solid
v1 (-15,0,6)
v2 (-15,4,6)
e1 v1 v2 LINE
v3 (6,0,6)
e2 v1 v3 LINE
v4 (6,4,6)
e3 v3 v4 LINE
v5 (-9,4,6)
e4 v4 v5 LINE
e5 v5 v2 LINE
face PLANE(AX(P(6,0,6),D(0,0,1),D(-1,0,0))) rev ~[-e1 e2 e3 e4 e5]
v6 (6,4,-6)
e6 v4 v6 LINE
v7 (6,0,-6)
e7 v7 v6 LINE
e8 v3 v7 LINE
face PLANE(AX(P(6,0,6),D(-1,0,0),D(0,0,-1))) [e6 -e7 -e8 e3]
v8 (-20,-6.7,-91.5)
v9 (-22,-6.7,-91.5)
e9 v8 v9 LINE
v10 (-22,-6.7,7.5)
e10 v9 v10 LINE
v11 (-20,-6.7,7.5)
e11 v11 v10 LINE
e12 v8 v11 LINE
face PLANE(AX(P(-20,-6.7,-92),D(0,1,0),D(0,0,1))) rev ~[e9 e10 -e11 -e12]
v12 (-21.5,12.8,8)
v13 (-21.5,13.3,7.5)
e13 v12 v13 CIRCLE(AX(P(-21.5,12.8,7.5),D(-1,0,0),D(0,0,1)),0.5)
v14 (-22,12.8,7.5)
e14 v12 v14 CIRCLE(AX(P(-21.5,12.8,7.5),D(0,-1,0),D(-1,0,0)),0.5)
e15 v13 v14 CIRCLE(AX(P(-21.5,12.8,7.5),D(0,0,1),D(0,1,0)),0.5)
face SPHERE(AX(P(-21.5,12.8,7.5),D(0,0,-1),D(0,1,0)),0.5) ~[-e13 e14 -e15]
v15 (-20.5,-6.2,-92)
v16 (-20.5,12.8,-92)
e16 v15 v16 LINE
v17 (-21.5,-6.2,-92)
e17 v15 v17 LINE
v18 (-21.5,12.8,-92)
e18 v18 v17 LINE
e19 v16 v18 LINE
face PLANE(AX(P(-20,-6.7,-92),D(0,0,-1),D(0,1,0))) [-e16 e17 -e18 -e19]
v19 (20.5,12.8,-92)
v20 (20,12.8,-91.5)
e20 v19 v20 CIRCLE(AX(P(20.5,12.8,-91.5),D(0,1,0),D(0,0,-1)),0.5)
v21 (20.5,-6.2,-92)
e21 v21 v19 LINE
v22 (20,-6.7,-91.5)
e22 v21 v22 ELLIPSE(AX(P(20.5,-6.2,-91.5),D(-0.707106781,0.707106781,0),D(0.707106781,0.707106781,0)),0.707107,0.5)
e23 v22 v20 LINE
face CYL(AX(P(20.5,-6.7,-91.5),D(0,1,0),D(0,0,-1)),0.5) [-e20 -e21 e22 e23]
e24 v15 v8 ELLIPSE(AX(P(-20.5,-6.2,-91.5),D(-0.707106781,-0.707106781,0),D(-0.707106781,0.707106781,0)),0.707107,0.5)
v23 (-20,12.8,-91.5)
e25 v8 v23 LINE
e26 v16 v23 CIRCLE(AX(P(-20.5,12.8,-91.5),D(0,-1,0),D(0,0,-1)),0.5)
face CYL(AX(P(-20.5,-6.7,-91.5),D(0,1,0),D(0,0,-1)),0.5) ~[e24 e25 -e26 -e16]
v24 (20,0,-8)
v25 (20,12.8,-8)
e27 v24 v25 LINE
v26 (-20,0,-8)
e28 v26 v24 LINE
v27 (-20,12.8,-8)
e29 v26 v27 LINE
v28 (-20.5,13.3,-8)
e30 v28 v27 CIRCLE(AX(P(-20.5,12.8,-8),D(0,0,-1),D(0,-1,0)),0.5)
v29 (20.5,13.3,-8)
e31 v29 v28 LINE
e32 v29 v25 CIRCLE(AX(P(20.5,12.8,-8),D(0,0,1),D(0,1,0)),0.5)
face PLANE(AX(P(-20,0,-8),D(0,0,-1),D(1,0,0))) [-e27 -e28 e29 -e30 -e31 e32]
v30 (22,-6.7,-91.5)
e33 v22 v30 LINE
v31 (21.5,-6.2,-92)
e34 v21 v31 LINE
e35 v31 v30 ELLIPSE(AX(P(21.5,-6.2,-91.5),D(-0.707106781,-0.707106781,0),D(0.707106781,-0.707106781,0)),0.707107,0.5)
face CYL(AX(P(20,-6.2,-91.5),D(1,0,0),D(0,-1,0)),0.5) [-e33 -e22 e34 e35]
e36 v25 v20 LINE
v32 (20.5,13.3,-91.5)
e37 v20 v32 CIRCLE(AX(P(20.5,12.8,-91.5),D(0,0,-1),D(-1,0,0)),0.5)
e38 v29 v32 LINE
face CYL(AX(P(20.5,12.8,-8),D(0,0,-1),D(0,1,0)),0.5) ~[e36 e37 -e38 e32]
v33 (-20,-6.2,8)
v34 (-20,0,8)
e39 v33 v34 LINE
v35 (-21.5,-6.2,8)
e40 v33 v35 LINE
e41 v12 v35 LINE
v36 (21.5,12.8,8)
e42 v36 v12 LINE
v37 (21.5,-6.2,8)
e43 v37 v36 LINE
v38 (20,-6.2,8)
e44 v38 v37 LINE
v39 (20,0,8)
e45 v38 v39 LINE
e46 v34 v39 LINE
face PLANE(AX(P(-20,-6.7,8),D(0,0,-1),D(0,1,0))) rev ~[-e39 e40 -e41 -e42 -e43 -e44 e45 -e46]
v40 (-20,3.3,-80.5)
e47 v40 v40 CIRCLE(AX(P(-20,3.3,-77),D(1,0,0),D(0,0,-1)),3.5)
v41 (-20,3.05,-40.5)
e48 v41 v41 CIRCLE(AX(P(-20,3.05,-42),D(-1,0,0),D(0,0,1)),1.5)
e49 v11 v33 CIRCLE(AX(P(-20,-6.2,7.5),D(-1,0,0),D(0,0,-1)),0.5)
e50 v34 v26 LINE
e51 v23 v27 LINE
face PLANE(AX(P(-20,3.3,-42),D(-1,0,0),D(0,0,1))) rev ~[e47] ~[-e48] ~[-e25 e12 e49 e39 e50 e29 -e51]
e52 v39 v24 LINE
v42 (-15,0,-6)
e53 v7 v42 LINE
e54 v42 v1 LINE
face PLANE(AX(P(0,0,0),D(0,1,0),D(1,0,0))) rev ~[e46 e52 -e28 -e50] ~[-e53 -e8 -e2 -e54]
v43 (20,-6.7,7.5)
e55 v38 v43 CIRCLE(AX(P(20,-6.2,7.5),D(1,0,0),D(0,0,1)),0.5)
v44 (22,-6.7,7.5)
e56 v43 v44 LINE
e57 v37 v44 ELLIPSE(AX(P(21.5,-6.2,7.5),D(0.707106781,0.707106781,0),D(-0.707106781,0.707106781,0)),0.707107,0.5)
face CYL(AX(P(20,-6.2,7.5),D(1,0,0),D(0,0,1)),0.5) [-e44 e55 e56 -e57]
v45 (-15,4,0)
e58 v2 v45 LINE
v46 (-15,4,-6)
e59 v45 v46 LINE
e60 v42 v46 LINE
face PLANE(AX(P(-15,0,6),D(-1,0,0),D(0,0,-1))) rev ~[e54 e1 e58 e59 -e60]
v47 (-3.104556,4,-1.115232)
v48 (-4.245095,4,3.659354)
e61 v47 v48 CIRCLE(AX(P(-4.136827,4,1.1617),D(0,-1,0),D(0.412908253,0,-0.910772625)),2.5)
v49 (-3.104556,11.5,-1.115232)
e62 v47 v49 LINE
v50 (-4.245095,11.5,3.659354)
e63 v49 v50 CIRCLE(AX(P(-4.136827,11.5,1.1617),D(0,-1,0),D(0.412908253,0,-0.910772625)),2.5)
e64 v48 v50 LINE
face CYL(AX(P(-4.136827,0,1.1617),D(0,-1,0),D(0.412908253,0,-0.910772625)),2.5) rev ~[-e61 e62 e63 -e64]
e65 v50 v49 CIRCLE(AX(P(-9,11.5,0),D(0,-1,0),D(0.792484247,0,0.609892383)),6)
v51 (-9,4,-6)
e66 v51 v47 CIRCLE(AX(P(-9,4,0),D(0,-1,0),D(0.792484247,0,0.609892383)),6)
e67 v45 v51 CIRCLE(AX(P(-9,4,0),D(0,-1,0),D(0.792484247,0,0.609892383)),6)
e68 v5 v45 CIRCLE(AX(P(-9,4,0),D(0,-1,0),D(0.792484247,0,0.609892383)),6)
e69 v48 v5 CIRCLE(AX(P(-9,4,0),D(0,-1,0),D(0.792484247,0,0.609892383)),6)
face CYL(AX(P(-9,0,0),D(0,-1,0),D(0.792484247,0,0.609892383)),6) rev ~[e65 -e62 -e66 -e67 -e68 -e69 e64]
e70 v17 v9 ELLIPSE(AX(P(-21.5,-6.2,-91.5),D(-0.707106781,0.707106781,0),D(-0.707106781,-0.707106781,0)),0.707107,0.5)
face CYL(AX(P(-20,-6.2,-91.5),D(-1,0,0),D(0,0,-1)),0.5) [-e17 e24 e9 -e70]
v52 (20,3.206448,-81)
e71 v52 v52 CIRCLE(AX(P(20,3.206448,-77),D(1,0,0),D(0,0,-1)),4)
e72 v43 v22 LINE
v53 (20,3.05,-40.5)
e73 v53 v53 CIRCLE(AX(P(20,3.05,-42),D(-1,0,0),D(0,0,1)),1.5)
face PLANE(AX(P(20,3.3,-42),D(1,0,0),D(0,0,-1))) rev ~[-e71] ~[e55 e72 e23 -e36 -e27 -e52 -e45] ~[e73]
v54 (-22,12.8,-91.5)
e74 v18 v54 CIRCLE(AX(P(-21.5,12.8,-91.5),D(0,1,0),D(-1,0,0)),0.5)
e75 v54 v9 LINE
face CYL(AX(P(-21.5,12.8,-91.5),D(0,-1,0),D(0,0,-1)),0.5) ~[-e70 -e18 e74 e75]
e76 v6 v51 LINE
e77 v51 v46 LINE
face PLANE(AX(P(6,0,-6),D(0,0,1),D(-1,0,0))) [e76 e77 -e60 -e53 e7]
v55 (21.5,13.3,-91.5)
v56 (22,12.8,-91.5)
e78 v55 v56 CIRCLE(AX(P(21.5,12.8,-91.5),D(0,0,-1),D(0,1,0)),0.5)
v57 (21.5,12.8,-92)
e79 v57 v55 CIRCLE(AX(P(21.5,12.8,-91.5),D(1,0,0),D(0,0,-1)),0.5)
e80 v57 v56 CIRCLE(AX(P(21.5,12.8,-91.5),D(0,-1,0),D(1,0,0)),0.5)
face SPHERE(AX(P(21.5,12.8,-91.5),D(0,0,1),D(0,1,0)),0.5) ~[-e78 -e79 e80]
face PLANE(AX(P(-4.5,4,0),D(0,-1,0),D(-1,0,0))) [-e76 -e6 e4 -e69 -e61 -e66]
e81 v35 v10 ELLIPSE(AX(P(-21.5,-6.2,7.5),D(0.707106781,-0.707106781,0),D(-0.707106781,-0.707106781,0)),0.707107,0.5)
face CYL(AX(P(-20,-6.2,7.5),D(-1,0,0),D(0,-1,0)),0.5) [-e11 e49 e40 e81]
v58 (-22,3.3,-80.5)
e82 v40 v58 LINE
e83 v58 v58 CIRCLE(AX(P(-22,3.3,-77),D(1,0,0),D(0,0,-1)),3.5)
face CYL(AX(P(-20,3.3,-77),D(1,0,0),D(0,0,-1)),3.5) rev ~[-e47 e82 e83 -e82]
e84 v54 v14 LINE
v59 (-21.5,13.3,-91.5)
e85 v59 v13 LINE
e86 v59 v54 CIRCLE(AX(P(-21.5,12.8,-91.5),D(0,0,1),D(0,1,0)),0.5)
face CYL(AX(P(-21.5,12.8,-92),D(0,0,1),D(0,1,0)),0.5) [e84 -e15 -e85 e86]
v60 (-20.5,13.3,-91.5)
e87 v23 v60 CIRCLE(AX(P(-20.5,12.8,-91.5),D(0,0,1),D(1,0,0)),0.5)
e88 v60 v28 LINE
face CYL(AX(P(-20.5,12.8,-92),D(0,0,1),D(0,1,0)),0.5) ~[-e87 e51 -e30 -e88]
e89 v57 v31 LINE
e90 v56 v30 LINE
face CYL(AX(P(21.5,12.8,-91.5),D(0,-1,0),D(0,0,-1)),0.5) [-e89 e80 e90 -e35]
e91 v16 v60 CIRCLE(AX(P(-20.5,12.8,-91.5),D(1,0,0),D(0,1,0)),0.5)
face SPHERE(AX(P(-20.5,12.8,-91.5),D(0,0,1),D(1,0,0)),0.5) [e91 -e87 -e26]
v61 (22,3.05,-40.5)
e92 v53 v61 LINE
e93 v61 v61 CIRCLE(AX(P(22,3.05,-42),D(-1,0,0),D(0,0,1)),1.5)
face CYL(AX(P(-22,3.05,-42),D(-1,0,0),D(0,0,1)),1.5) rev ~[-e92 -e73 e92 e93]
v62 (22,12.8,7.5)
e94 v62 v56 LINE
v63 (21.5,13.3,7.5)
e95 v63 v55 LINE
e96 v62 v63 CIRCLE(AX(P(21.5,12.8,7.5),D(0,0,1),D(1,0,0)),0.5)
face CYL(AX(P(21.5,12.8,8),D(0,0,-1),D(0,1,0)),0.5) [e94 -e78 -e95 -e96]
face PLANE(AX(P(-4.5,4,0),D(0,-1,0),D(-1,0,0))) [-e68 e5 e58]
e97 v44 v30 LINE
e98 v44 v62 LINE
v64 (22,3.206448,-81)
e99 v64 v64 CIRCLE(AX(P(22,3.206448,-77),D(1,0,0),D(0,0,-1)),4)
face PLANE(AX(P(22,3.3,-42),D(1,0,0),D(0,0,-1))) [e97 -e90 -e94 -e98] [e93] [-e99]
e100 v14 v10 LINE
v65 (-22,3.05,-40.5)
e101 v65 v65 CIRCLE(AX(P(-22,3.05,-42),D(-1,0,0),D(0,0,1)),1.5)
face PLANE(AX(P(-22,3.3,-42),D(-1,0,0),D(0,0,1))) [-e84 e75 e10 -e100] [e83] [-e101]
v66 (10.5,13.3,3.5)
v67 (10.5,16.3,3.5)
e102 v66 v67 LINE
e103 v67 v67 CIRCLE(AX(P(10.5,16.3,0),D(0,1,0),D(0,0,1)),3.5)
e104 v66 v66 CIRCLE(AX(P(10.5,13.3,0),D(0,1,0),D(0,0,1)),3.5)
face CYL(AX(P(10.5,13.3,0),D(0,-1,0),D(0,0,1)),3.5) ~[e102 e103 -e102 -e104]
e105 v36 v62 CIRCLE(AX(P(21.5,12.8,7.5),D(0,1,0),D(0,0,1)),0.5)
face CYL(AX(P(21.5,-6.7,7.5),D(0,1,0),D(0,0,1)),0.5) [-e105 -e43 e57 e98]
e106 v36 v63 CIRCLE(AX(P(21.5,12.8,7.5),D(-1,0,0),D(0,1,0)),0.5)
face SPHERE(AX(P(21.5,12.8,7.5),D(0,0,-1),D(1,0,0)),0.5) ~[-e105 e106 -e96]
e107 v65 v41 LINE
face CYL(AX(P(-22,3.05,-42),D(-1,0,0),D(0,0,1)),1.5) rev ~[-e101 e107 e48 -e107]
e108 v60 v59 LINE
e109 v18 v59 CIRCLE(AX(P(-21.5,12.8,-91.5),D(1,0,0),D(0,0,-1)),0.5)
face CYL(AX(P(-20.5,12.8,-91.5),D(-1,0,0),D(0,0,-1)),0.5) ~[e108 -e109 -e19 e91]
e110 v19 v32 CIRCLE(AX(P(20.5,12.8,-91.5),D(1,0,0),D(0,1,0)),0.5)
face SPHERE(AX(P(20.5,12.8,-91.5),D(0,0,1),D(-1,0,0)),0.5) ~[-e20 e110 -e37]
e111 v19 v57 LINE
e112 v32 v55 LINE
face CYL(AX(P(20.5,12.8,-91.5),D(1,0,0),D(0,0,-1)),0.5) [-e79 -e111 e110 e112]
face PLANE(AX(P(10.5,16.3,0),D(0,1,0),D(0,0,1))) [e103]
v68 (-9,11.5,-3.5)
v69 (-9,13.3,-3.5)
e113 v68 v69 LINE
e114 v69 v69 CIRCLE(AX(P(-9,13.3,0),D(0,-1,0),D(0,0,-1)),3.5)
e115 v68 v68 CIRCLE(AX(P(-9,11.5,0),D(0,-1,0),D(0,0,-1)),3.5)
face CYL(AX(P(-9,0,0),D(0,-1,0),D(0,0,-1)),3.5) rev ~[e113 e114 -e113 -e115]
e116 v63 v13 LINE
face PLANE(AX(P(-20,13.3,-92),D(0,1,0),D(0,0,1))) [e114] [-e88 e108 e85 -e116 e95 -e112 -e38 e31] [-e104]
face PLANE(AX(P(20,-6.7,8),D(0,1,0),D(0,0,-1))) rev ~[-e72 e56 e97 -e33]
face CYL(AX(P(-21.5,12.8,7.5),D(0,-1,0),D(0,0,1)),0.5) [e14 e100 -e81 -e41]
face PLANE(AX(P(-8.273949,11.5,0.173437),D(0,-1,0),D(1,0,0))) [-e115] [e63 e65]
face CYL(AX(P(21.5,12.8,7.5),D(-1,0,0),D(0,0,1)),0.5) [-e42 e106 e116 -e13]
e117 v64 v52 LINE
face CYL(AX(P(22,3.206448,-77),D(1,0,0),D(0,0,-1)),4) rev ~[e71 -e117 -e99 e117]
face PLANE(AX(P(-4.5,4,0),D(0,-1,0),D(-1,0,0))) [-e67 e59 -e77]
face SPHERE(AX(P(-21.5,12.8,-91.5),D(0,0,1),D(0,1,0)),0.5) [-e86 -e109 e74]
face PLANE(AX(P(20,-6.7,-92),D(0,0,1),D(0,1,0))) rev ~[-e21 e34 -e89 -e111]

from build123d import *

# Parameters (mm, degrees)
SKETCH1_W           = 40
SKETCH1_H           = 16
BOSS_EXTRUDE1_DEPTH = 13.3
CUT_EXTRUDE2_DEPTH  = 11.5
SKETCH3_R           = 3.5
CUT_EXTRUDE3_DEPTH  = 24.8
SKETCH4_W           = 21
SKETCH4_H           = 12
CUT_EXTRUDE4_DEPTH  = 4
SKETCH5_W           = 100
SKETCH5_H           = 20
BOSS_EXTRUDE2_DEPTH = 2
SKETCH6_W           = 100
SKETCH6_H           = 20
BOSS_EXTRUDE3_DEPTH = 2
SKETCH7_R           = 4
CUT_EXTRUDE5_DEPTH  = 2
CUT_EXTRUDE8_REACH  = 104.004
SKETCH8_R           = 3.5
FILLET1_R           = 0.5
FILLET2_R           = 0.5
SKETCH9_R           = 3.5
BOSS_EXTRUDE4_DEPTH = 3
SKETCH10_R          = 1.5
CUT_EXTRUDE9_DEPTH  = 104.274827523


with BuildPart() as part:
    # Sketch1 → Boss-Extrude1 (new body)
    with BuildSketch(Plane(origin=(0, 0, 0), x_dir=(1, 0, 0), z_dir=(0, 1, 0))):
        Rectangle(SKETCH1_W, SKETCH1_H)
    extrude(amount=BOSS_EXTRUDE1_DEPTH)

    # Sketch2 → Cut-Extrude2 (cut)
    with BuildSketch(Plane.XZ):
        with BuildLine():
            ThreePointArc((-4.245094519, 3.659354296), (-14.835807847, -1.394039732), (-3.104556161, -1.115231786))
            ThreePointArc((-3.104556161, -1.115231786), (-1.705240191, 1.742549665), (-4.245094519, 3.659354296))
        make_face()
    extrude(amount=-CUT_EXTRUDE2_DEPTH, mode=Mode.SUBTRACT)

    # Sketch3 → Cut-Extrude3 (cut)
    with BuildSketch(Plane(origin=(0, 0, 0), x_dir=(-1, 0, 0), z_dir=(0, -1, 0))):
        with Locations(Location((9, 0, 0), (0, 0, 90))):
            Circle(SKETCH3_R)
    extrude(amount=-CUT_EXTRUDE3_DEPTH, mode=Mode.SUBTRACT)

    # Sketch4 → Cut-Extrude4 (cut)
    with BuildSketch(Plane(origin=(0, 0, 0), x_dir=(-1, 0, 0), z_dir=(0, -1, 0))):
        with Locations((4.5, 0)):
            Rectangle(SKETCH4_W, SKETCH4_H)
    extrude(amount=-CUT_EXTRUDE4_DEPTH, mode=Mode.SUBTRACT)

    # Sketch5 → Boss-Extrude2 (add)
    with BuildSketch(Plane(origin=(20, 0, 0), x_dir=(0, 0, -1), z_dir=(1, 0, 0))):
        with Locations((42, 3.3)):
            Rectangle(SKETCH5_W, SKETCH5_H)
    extrude(amount=BOSS_EXTRUDE2_DEPTH)

    # Sketch6 → Boss-Extrude3 (add)
    with BuildSketch(Plane.ZY.offset(20)):
        with Locations((-42, 3.3)):
            Rectangle(SKETCH6_W, SKETCH6_H)
    extrude(amount=BOSS_EXTRUDE3_DEPTH)

    # Sketch7 → Cut-Extrude5 (cut)
    with BuildSketch(Plane(origin=(22, 0, 0), x_dir=(0, 0, -1), z_dir=(1, 0, 0))):
        with Locations((77, 3.206448438)):
            Circle(SKETCH7_R)
    extrude(amount=-CUT_EXTRUDE5_DEPTH, mode=Mode.SUBTRACT)

    # Sketch8 → Cut-Extrude8 (cut, up to next)
    with BuildSketch(Plane(origin=(-20, 0, 0), x_dir=(0, 0, -1), z_dir=(1, 0, 0)), mode=Mode.PRIVATE) as cut_extrude8_sk1:
        with Locations((77, 3.3)):
            Circle(SKETCH8_R)
    cut_extrude8_tool1 = extrude(cut_extrude8_sk1.sketch, amount=-CUT_EXTRUDE8_REACH, mode=Mode.PRIVATE) & part.part
    add(cut_extrude8_tool1.solids().sort_by_distance((-20, 3.3, -77))[0], mode=Mode.SUBTRACT)

    # Fillet1
    fillet1_edges = [part.edges().sort_by_distance(p)[0] for p in [
        (20, 13.3, -50),
        (22, 13.3, -42),
        (-20, 13.3, -50),
        (-22, 13.3, -42),
    ]]
    fillet(fillet1_edges, radius=FILLET1_R)

    # Fillet2
    fillet2_edges = [part.edges().sort_by_distance(p)[0] for p in [
        (21.853553391, 13.153553391, -92),
        (20.146446609, 13.153553391, -92),
        (-20, 3.05, -92),
        (-22, 3.05, -92),
        (-21.853553391, 13.153553391, -92),
        (-20.146446609, 13.153553391, -92),
        (22, 3.05, 8),
        (21.853553391, 13.153553391, 8),
        (-21.853553391, 13.153553391, 8),
        (21, -6.7, 8),
        (20, 3.05, -92),
        (21, -6.7, -92),
        (22, 3.05, -92),
        (-21, -6.7, 8),
        (-21, -6.7, -92),
        (-22, 3.05, 8),
        (0, 13.3, 8),
        (21, 13.3, -92),
        (-21, 13.3, -92),
    ]]
    fillet(fillet2_edges, radius=FILLET2_R)

    # Sketch9 → Boss-Extrude4 (add)
    with BuildSketch(Plane(origin=(0, 13.3, 0), x_dir=(1, 0, 0), z_dir=(0, 1, 0))):
        with Locations(Location((10.5, 0, 0), (0, 0, 270))):
            Circle(SKETCH9_R)
    extrude(amount=BOSS_EXTRUDE4_DEPTH)

    # Sketch10 → Cut-Extrude9 (cut, through all)
    with BuildSketch(Plane.ZY.offset(22)):
        with Locations((-42, 3.05)):
            Circle(SKETCH10_R)
    extrude(amount=-CUT_EXTRUDE9_DEPTH, mode=Mode.SUBTRACT)


solid = part.part
